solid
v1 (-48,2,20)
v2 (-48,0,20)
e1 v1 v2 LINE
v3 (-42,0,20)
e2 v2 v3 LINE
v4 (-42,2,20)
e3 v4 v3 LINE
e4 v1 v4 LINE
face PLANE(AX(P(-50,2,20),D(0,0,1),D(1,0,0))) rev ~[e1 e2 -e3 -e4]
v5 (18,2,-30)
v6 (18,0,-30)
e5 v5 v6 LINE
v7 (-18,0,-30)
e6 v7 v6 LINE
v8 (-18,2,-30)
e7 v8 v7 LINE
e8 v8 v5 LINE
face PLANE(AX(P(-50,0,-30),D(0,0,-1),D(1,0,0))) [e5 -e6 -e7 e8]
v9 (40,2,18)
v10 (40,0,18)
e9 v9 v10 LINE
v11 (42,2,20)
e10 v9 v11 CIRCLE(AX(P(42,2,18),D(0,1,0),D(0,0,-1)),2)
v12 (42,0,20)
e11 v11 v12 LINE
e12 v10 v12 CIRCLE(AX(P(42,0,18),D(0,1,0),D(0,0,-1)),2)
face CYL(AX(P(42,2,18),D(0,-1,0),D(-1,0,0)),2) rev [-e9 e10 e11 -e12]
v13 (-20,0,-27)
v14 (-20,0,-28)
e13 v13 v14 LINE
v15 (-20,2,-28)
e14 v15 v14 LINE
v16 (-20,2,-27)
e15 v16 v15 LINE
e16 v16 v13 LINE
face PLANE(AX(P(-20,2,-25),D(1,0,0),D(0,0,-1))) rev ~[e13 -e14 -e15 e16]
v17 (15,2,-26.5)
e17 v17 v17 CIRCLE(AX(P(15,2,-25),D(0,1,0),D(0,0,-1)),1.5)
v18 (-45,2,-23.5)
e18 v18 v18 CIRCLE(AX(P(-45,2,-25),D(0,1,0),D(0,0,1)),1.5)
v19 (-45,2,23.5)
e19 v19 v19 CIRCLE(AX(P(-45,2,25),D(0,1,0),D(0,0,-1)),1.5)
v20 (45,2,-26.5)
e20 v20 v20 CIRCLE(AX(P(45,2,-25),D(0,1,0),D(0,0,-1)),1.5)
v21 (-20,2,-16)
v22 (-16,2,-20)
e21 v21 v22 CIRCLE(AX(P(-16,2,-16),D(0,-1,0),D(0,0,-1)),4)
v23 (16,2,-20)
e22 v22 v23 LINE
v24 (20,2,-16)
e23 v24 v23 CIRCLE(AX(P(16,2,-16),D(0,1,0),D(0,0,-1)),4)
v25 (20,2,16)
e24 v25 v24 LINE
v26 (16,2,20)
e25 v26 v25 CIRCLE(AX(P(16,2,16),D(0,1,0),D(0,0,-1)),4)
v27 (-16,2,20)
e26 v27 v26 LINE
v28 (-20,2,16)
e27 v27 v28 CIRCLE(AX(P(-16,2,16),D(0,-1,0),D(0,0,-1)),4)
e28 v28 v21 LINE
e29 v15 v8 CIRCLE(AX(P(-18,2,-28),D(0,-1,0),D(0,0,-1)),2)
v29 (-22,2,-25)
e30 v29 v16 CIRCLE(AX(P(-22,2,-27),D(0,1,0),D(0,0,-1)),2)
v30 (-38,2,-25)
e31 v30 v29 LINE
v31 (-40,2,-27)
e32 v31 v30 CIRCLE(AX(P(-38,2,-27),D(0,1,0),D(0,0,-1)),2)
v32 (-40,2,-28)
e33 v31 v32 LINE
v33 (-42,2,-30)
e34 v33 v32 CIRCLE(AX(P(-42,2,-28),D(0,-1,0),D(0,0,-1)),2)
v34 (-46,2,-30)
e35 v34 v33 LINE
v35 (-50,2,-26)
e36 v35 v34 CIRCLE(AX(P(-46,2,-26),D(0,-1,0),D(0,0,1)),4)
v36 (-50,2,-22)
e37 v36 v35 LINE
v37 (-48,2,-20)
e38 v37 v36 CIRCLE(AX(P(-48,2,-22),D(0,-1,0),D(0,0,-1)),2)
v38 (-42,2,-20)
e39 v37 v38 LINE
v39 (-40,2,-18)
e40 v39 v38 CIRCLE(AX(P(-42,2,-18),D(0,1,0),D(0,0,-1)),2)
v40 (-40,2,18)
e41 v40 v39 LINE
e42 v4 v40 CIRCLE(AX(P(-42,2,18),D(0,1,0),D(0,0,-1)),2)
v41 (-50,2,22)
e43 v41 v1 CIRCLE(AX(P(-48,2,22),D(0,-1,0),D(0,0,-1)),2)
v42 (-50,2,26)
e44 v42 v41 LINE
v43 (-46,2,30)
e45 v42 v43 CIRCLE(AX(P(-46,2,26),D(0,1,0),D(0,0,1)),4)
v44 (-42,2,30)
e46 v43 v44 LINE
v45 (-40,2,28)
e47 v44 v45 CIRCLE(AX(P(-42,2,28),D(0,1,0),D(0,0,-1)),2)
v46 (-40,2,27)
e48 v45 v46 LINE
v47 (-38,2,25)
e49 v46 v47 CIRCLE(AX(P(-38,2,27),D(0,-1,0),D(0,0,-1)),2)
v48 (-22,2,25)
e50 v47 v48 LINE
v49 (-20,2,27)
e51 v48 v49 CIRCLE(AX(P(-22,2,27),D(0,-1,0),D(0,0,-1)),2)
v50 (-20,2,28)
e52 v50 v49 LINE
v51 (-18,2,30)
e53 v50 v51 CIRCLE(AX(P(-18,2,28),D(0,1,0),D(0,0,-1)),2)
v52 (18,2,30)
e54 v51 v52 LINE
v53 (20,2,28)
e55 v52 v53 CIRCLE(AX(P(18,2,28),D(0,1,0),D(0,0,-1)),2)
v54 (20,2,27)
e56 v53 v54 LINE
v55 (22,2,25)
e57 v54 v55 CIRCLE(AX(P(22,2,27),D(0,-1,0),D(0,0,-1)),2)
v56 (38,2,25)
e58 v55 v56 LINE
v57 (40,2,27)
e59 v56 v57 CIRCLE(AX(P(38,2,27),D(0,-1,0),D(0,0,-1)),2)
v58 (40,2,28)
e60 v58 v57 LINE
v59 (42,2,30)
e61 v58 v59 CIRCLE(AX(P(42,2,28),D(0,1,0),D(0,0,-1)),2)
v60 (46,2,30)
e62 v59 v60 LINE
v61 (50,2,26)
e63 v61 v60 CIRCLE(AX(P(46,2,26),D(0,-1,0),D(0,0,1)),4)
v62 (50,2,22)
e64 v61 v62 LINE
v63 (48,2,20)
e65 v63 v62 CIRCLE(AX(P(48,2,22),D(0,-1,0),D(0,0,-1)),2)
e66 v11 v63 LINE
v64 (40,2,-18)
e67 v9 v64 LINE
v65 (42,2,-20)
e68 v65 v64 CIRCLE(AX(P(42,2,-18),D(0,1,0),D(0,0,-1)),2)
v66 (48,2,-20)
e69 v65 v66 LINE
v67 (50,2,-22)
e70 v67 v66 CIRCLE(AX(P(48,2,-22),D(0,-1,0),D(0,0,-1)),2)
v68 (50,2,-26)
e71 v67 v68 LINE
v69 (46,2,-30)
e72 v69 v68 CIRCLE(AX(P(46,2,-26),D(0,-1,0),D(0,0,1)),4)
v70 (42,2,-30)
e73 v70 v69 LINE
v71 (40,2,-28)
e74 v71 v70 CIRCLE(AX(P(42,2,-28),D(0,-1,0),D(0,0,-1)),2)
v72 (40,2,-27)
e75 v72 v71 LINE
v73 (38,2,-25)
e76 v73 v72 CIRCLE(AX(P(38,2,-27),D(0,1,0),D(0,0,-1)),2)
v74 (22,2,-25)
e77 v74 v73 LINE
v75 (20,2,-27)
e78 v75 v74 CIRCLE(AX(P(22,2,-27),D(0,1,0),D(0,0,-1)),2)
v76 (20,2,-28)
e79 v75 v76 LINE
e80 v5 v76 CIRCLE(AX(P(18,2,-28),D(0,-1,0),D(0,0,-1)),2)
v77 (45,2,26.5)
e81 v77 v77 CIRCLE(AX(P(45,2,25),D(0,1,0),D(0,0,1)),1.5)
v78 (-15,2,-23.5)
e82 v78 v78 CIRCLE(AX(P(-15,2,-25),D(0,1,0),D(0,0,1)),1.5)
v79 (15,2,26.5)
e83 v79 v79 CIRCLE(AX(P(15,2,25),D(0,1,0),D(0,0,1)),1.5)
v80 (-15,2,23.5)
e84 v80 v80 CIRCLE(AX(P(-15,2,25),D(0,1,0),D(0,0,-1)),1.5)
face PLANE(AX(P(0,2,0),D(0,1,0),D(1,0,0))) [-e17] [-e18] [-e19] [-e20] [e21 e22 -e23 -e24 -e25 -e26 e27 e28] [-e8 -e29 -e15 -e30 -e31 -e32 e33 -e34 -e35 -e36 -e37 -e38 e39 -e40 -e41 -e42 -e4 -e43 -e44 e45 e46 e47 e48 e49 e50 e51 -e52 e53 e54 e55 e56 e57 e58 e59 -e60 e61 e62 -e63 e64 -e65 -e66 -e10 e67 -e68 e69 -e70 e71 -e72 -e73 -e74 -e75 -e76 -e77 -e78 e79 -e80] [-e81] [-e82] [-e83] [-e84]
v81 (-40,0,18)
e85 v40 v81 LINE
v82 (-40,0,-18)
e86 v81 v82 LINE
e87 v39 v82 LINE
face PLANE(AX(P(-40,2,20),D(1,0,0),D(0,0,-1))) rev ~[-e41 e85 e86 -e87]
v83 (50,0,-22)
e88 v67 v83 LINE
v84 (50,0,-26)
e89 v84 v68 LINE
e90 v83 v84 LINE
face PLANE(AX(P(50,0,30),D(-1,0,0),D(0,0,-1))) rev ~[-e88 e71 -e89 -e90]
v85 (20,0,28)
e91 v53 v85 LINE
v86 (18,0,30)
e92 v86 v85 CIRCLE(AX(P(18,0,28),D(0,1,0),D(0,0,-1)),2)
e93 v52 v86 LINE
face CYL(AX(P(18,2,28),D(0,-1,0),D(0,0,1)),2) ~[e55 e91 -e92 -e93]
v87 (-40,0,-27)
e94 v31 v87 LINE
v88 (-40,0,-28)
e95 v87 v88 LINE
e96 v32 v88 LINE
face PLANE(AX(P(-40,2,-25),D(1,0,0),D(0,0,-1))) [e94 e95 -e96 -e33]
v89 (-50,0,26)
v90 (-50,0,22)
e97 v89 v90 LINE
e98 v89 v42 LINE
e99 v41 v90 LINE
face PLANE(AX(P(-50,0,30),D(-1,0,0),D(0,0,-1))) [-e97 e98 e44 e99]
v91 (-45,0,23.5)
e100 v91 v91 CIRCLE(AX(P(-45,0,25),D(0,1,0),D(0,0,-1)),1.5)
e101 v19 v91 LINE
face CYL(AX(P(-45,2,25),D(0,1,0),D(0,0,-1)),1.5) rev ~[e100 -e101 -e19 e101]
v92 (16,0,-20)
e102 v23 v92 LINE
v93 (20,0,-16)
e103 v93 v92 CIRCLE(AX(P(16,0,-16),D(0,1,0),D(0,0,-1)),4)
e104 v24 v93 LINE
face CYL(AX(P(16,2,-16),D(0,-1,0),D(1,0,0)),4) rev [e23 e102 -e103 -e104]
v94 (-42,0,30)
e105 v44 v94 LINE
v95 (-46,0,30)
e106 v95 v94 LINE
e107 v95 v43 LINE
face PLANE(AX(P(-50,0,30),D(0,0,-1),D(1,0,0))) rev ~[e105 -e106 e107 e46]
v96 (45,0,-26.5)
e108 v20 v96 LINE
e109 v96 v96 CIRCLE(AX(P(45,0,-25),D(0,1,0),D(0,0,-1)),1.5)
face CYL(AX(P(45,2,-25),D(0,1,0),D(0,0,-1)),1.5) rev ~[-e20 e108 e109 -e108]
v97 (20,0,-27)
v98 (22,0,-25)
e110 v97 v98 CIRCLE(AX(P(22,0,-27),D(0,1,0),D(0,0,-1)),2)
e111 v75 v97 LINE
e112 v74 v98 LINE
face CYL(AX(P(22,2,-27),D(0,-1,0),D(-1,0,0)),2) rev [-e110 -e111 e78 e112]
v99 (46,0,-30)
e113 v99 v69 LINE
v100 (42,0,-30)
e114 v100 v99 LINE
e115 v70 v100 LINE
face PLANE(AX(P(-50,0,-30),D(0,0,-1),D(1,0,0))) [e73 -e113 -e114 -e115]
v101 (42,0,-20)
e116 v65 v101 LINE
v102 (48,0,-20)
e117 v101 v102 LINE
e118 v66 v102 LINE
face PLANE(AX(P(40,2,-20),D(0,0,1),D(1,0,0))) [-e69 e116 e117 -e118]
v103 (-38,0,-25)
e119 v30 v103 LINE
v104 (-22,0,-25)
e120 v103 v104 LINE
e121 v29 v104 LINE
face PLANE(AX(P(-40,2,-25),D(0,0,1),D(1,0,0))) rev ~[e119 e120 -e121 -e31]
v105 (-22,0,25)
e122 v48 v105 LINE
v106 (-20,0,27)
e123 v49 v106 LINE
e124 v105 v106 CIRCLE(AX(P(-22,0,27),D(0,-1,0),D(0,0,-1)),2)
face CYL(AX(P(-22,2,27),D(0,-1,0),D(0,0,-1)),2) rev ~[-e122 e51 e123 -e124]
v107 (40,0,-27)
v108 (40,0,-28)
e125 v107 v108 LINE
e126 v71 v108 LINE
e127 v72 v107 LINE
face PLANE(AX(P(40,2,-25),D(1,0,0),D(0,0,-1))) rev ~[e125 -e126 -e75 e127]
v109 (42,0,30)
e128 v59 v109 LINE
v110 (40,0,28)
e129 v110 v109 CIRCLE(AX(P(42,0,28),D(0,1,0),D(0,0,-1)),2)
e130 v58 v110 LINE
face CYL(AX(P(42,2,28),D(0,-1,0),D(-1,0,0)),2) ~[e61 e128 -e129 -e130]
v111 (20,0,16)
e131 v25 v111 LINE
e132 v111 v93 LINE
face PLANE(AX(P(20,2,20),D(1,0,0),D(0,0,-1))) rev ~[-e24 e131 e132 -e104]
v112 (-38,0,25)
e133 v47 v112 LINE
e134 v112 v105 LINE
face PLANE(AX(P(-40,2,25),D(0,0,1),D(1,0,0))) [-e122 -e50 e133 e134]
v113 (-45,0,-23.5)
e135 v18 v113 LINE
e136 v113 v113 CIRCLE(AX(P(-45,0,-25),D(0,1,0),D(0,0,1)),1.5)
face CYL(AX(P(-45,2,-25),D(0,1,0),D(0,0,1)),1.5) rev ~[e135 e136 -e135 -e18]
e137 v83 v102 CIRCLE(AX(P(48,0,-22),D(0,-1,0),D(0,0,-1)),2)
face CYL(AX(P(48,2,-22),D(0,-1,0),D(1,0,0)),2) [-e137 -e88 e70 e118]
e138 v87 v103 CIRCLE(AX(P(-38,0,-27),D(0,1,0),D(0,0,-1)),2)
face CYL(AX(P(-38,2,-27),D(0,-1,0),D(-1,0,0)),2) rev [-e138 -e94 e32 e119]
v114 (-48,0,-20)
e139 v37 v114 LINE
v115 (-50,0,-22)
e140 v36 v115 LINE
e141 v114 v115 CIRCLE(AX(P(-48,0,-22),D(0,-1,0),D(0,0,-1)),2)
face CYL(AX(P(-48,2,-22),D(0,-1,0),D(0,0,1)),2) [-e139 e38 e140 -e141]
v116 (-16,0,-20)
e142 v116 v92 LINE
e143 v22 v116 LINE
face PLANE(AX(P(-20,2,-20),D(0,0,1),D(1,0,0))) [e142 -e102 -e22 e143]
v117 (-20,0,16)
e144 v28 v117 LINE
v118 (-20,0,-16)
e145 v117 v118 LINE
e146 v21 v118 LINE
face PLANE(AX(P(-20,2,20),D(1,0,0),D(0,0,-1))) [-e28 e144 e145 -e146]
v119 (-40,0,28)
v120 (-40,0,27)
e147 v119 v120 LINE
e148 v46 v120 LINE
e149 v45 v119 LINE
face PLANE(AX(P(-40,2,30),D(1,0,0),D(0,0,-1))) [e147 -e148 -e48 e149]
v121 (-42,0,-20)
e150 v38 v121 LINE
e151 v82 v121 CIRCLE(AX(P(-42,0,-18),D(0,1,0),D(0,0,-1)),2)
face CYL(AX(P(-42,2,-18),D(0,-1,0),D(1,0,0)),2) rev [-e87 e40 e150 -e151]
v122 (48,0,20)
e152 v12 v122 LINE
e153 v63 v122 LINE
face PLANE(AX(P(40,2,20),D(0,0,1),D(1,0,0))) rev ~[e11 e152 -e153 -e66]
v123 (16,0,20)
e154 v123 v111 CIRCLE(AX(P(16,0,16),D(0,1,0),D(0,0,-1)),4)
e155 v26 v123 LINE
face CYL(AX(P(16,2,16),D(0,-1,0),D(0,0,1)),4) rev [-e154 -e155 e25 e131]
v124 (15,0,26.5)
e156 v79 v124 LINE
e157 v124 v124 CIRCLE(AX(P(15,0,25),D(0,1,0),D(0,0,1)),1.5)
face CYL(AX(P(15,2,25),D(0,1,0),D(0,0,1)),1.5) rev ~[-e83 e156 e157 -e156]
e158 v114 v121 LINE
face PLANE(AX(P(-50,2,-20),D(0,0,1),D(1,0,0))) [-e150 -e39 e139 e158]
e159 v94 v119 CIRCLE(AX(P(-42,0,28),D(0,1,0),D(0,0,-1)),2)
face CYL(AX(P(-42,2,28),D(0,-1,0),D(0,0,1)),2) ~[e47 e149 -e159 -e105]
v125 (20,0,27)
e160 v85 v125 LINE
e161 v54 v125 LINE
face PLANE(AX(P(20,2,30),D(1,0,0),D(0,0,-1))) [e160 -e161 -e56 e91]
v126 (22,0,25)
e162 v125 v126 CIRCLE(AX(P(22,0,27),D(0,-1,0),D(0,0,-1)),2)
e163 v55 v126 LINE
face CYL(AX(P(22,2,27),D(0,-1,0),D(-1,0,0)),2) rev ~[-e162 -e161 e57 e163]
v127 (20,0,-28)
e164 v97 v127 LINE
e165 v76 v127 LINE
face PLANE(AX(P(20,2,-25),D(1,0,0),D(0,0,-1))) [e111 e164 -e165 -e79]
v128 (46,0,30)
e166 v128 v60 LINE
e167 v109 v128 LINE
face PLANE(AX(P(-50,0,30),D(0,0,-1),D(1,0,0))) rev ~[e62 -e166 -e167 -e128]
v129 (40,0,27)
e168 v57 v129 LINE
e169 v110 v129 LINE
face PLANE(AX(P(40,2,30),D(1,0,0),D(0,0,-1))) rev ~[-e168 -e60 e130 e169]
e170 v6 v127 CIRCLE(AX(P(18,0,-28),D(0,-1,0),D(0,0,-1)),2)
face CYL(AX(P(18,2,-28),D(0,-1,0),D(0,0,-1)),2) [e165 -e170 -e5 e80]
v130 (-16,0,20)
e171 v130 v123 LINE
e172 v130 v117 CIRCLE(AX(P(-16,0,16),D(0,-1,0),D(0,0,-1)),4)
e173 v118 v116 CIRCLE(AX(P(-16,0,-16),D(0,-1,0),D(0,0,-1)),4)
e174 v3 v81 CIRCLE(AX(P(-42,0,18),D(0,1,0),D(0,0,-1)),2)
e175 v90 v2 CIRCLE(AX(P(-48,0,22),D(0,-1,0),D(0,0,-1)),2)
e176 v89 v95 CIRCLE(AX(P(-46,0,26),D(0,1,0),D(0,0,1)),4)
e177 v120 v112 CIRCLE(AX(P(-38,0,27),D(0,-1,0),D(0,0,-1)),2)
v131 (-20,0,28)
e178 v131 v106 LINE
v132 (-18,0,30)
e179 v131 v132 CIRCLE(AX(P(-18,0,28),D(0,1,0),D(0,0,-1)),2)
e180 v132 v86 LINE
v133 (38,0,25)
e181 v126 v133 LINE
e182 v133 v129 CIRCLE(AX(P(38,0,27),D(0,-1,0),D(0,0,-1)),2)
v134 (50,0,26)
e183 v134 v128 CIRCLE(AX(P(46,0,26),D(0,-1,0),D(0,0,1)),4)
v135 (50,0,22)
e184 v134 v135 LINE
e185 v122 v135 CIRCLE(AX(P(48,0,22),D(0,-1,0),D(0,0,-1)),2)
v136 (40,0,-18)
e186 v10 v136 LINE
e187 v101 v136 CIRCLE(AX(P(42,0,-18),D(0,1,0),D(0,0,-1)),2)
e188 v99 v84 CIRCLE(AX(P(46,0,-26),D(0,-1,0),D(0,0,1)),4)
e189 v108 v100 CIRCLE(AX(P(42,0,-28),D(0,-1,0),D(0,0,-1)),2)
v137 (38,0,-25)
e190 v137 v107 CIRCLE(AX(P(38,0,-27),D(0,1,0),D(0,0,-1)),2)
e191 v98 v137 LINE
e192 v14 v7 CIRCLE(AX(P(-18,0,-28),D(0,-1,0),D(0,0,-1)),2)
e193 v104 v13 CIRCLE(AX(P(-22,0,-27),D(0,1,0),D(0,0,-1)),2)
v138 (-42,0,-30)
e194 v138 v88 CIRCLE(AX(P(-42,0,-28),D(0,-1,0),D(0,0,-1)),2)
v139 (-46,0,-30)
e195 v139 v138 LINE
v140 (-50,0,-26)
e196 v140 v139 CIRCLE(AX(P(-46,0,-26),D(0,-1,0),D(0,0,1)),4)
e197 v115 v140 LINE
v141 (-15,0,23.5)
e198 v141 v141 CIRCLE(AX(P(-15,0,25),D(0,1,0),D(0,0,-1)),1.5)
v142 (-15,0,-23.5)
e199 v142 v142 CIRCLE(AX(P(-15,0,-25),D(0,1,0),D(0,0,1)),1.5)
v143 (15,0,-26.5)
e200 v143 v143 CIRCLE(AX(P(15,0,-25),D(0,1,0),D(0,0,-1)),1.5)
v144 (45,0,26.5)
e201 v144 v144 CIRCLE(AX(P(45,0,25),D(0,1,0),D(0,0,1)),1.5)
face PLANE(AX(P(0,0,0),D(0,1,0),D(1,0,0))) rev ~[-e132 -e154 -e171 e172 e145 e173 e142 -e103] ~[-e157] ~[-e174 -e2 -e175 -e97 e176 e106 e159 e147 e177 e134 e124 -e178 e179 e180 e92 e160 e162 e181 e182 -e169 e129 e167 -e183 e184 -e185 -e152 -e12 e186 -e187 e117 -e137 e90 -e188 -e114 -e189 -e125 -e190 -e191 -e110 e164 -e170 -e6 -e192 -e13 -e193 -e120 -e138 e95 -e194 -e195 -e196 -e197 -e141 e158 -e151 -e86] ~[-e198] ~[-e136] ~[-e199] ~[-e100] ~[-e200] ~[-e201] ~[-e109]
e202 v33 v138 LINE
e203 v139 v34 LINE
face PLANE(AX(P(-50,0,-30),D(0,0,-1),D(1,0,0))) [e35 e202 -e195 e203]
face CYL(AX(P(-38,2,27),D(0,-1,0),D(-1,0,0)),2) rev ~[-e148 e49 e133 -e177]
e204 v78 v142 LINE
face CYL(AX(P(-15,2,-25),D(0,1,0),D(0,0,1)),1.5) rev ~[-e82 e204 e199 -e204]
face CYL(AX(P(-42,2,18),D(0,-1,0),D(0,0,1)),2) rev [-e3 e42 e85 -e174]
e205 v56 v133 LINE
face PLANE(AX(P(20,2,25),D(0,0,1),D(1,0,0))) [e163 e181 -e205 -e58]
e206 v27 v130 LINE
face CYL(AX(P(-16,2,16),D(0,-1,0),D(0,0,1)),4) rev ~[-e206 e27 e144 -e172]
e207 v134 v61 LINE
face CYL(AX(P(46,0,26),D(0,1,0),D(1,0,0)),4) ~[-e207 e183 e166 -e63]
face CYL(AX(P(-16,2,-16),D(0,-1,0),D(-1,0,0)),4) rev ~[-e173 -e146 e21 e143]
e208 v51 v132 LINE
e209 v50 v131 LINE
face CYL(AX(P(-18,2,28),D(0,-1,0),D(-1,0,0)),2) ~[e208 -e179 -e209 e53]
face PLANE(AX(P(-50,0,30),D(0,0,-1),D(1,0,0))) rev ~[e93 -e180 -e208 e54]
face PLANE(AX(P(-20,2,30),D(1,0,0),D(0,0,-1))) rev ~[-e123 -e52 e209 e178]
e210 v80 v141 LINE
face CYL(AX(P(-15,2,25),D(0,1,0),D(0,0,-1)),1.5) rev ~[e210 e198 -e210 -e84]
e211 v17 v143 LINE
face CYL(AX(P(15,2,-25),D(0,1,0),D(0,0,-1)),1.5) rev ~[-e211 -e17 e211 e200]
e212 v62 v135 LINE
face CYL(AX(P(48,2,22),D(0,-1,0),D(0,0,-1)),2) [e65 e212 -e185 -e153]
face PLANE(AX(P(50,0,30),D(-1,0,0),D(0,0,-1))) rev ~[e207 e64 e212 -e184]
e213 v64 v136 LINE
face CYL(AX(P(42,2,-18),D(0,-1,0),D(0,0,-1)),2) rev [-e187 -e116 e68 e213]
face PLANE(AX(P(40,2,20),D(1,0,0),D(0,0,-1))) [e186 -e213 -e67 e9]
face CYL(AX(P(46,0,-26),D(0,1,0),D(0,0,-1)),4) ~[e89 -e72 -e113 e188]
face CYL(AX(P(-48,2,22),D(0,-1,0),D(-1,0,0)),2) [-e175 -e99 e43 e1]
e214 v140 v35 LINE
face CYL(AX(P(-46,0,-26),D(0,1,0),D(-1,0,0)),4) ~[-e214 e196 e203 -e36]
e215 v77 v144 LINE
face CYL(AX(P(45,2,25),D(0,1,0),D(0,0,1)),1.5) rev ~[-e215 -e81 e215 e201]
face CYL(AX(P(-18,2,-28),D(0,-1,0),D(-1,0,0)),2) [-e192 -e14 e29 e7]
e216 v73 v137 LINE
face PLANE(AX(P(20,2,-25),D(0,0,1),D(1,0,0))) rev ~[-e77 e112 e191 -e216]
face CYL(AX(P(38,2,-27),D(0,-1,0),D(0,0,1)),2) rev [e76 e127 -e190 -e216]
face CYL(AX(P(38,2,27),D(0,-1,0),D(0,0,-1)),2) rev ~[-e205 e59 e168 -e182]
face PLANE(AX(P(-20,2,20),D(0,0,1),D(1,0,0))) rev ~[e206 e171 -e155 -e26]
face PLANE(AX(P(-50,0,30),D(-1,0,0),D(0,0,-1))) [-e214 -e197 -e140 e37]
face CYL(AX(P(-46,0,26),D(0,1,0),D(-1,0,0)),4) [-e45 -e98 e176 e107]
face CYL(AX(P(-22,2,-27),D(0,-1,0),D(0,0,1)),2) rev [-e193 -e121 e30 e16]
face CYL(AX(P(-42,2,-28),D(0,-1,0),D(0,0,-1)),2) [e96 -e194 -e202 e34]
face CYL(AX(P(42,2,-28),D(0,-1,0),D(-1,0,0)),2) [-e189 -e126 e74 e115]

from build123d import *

# Parameters (mm, degrees)
SKETCH_1_W          = 100
SKETCH_1_H          = 60
EXTRUDE_1_DEPTH     = 2
SKETCH_4_W          = 40
SKETCH_4_H          = 40
CUT_EXTRUDE_3_DEPTH = 59.343808583
SKETCH_6_R          = 1.5
CUT_EXTRUDE_5_DEPTH = 59.343808583
SKETCH_7_W          = 20
SKETCH_7_H          = 5
CUT_EXTRUDE_6_DEPTH = 59.343808583
FILLET_1_R          = 4
FILLET_2_R          = 2
SKETCH_8_R          = 1.5
CUT_EXTRUDE_7_DEPTH = 59.343808583
SKETCH_9_W          = 10
SKETCH_9_H          = 40
CUT_EXTRUDE_9_DEPTH = 59.343808583
FILLET_3_R          = 2


with BuildPart() as part:
    # 草图1 → 凸台-拉伸1 (new body)
    with BuildSketch(Plane(origin=(0, 0, 0), x_dir=(1, 0, 0), z_dir=(0, 1, 0))):
        Rectangle(SKETCH_1_W, SKETCH_1_H)
    extrude(amount=EXTRUDE_1_DEPTH)

    # 草图4 → 切除-拉伸3 (cut, through all)
    with BuildSketch(Plane(origin=(0, 2, 0), x_dir=(1, 0, 0), z_dir=(0, 1, 0))):
        Rectangle(SKETCH_4_W, SKETCH_4_H)
    extrude(amount=-CUT_EXTRUDE_3_DEPTH, mode=Mode.SUBTRACT)

    # 草图6 → 切除-拉伸5 (cut, through all)
    with BuildSketch(Plane(origin=(0, 2, 0), x_dir=(1, 0, 0), z_dir=(0, 1, 0))):
        with Locations(Location((-45, 25, 0), (0, 0, 270))):
            Circle(SKETCH_6_R)
        with Locations(Location((-45, -25, 0), (0, 0, 90))):
            Circle(SKETCH_6_R)
        with Locations(Location((45, -25, 0), (0, 0, 270))):
            Circle(SKETCH_6_R)
        with Locations(Location((45, 25, 0), (0, 0, 90))):
            Circle(SKETCH_6_R)
    extrude(amount=-CUT_EXTRUDE_5_DEPTH, mode=Mode.SUBTRACT)

    # 草图7 → 切除-拉伸6 (cut, through all)
    with BuildSketch(Plane(origin=(0, 2, 0), x_dir=(1, 0, 0), z_dir=(0, 1, 0))):
        with Locations((-30, 27.5)):
            Rectangle(SKETCH_7_W, SKETCH_7_H)
        with Locations((-30, -27.5)):
            Rectangle(SKETCH_7_W, SKETCH_7_H)
        with Locations((30, -27.5)):
            Rectangle(SKETCH_7_W, SKETCH_7_H)
        with Locations((30, 27.5)):
            Rectangle(SKETCH_7_W, SKETCH_7_H)
    extrude(amount=-CUT_EXTRUDE_6_DEPTH, mode=Mode.SUBTRACT)

    # 圆角1
    fillet_1_edges = [part.edges().sort_by_distance(p)[0] for p in [
        (20, 1, -20),
        (20, 1, 20),
        (-20, 1, 20),
        (-20, 1, -20),
        (50, 1, 30),
        (-50, 1, 30),
        (-50, 1, -30),
        (50, 1, -30),
    ]]
    fillet(fillet_1_edges, radius=FILLET_1_R)

    # 圆角2
    fillet_2_edges = [part.edges().sort_by_distance(p)[0] for p in [
        (40, 1, -30),
        (40, 1, -25),
        (20, 1, -25),
        (20, 1, -30),
        (40, 1, 30),
        (20, 1, 30),
        (20, 1, 25),
        (40, 1, 25),
        (-40, 1, 30),
        (-40, 1, 25),
        (-20, 1, 25),
        (-20, 1, 30),
        (-40, 1, -25),
        (-40, 1, -30),
        (-20, 1, -30),
        (-20, 1, -25),
    ]]
    fillet(fillet_2_edges, radius=FILLET_2_R)

    # 草图8 → 切除-拉伸7 (cut, through all)
    with BuildSketch(Plane(origin=(0, 2, 0), x_dir=(1, 0, 0), z_dir=(0, 1, 0))):
        with Locations(Location((-15, 25, 0), (0, 0, 270))):
            Circle(SKETCH_8_R)
        with Locations(Location((-15, -25, 0), (0, 0, 90))):
            Circle(SKETCH_8_R)
        with Locations(Location((15, -25, 0), (0, 0, 270))):
            Circle(SKETCH_8_R)
        with Locations(Location((15, 25, 0), (0, 0, 90))):
            Circle(SKETCH_8_R)
    extrude(amount=-CUT_EXTRUDE_7_DEPTH, mode=Mode.SUBTRACT)

    # 草图9 → 切除-拉伸9 (cut, through all)
    with BuildSketch(Plane(origin=(0, 2, 0), x_dir=(1, 0, 0), z_dir=(0, 1, 0))):
        with Locations((-45, 0)):
            Rectangle(SKETCH_9_W, SKETCH_9_H)
        with Locations((45, 0)):
            Rectangle(SKETCH_9_W, SKETCH_9_H)
    extrude(amount=-CUT_EXTRUDE_9_DEPTH, mode=Mode.SUBTRACT)

    # 圆角3
    fillet_3_edges = [part.edges().sort_by_distance(p)[0] for p in [
        (-50, 1, 20),
        (-50, 1, -20),
        (-40, 1, -20),
        (-40, 1, 20),
        (50, 1, -20),
        (50, 1, 20),
        (40, 1, 20),
        (40, 1, -20),
    ]]
    fillet(fillet_3_edges, radius=FILLET_3_R)


solid = part.part
